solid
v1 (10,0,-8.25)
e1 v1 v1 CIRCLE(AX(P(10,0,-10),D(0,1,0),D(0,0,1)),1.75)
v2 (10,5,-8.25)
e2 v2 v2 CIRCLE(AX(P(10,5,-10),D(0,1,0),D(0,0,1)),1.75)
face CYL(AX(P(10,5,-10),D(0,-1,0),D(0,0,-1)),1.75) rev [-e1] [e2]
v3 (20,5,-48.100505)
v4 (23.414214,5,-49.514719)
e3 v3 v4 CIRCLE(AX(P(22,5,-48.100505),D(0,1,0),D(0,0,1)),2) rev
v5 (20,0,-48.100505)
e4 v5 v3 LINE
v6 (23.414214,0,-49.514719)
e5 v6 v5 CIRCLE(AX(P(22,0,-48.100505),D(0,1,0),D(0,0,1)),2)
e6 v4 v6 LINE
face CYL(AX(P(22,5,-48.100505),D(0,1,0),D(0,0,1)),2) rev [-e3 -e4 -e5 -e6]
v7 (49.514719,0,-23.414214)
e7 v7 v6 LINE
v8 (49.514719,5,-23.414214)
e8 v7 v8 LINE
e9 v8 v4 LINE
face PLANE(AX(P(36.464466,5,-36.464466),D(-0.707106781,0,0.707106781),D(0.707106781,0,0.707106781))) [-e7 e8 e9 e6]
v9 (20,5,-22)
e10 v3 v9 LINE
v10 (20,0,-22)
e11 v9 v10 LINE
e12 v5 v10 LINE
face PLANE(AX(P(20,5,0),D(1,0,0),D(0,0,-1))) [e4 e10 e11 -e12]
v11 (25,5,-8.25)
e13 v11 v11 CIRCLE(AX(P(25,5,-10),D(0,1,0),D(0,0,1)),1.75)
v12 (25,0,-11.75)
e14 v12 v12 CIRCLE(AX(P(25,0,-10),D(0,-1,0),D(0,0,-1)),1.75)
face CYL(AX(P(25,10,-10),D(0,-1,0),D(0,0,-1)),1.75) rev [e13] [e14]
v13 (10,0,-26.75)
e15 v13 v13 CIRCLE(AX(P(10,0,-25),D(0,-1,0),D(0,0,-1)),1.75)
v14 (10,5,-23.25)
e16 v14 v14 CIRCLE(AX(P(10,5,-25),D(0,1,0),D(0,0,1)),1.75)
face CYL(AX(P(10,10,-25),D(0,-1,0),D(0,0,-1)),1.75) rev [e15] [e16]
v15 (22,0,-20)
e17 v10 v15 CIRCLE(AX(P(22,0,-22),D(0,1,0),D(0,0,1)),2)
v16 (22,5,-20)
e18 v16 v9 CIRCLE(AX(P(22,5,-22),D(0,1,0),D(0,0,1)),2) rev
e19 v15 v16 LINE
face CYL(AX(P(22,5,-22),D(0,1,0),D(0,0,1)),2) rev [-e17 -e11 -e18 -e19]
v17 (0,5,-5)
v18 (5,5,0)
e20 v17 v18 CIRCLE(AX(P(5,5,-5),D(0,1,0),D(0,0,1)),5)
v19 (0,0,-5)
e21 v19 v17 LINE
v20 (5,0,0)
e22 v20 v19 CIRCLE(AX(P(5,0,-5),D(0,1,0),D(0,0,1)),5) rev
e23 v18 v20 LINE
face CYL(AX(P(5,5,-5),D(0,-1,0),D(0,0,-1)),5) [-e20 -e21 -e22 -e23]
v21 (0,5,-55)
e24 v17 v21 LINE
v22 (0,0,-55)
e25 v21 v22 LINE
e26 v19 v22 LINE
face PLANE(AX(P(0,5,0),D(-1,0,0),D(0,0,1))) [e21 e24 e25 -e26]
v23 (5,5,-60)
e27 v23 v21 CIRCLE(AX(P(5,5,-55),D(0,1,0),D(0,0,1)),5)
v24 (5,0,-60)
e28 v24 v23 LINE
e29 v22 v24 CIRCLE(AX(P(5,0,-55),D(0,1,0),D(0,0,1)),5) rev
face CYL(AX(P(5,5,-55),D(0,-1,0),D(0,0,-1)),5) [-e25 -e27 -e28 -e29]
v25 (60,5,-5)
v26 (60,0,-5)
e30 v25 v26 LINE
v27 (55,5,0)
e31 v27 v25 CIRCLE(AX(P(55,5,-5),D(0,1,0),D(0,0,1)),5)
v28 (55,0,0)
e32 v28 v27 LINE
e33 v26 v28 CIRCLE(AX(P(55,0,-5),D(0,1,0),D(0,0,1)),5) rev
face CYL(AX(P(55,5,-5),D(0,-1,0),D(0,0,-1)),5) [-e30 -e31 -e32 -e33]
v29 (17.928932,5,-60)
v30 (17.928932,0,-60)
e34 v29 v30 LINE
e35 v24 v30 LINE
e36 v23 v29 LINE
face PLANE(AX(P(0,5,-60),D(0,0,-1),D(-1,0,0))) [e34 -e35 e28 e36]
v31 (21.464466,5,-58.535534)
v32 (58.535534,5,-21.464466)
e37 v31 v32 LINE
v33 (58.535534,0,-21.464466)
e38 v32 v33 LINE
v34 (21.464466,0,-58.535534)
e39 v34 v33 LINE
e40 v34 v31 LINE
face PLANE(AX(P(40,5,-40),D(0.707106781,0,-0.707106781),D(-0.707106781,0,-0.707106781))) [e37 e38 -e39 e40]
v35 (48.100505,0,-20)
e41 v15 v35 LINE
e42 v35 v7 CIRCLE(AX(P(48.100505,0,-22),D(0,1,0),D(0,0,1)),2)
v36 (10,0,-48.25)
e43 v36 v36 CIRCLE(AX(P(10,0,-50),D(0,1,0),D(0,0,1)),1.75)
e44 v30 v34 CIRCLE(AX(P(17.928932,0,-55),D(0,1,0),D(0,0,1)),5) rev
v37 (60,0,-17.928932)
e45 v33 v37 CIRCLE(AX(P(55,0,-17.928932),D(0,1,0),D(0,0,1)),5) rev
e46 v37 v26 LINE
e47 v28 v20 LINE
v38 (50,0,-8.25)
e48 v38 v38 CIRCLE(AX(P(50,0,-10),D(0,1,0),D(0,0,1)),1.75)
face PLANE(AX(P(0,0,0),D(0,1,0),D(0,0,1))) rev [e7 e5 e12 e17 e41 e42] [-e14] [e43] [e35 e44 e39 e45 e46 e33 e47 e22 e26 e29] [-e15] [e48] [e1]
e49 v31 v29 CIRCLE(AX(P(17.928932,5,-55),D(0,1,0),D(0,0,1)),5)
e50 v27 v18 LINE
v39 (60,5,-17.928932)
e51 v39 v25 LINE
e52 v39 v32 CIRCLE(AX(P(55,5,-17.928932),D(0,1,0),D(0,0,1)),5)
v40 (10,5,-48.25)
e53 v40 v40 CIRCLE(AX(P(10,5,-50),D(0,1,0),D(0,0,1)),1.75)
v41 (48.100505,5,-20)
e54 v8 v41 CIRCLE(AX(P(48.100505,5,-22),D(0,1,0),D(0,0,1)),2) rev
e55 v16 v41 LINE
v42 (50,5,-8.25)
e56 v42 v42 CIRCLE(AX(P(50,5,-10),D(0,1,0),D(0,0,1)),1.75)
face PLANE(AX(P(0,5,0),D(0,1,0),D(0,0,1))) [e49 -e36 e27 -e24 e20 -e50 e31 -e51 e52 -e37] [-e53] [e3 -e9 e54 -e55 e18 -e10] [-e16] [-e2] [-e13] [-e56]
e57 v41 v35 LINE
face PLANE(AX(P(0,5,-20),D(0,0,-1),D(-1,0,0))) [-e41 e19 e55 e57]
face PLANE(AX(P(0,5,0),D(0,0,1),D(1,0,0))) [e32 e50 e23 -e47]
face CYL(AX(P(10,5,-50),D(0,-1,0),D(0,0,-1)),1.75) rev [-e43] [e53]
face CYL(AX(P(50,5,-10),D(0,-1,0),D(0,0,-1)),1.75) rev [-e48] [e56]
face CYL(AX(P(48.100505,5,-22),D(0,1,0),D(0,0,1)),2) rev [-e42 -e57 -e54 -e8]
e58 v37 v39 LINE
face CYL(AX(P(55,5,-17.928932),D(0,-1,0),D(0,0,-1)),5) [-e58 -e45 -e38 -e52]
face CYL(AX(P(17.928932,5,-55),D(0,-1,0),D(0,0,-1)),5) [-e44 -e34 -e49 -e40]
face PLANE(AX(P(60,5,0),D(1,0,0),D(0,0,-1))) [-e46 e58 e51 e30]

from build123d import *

# Parameters (mm, degrees)
ESBO_O1_R                = 1.75
RESSALTO_EXTRUS_O1_DEPTH = 5
FILETE2_R                = 2
ESBO_O4_R                = 1.75
CORTE_EXTRUS_O1_DEPTH    = 10
FILETE3_R                = 5


with BuildPart() as part:
    # Esboço1 → Ressalto-extrusão1 (new body)
    # profile 1 of 2: a face of its own
    with BuildSketch(Plane(origin=(0, 0, 0), x_dir=(1, 0, 0), z_dir=(0, 1, 0))):
        Polygon((52.928932188, 20), (60, 20), (60, 0), (0, 0), (0, 60), (20, 60), (20, 52.928932188), (20, 20), align=None)
        with Locations(Location((10, 10, 0), (0, 0, 270))):
            Circle(ESBO_O1_R, mode=Mode.SUBTRACT)
        with Locations(Location((50, 10, 0), (0, 0, 270))):
            Circle(ESBO_O1_R, mode=Mode.SUBTRACT)
        with Locations(Location((10, 50, 0), (0, 0, 270))):
            Circle(ESBO_O1_R, mode=Mode.SUBTRACT)
    # profile 2 of 2: a face of its own
    with BuildSketch(Plane(origin=(0, 0, 0), x_dir=(1, 0, 0), z_dir=(0, 1, 0))):
        Polygon((52.928932188, 20), (20, 52.928932188), (20, 60), (60, 20), align=None)
    extrude(amount=RESSALTO_EXTRUS_O1_DEPTH)

    # Filete2
    filete2_edges = [part.edges().sort_by_distance(p)[0] for p in [
        (52.928932188, 2.5, -20),
        (20, 2.5, -52.928932188),
        (20, 2.5, -20),
    ]]
    fillet(filete2_edges, radius=FILETE2_R)

    # Esboço4 → Corte-extrusão1 (cut)
    with BuildSketch(Plane.XZ):
        with Locations(Location((10, -25, 0), (0, 0, 270))):
            Circle(ESBO_O4_R)
        with Locations(Location((25, -10, 0), (0, 0, 270))):
            Circle(ESBO_O4_R)
    extrude(amount=-CORTE_EXTRUS_O1_DEPTH, mode=Mode.SUBTRACT)

    # Filete3
    filete3_edges = [part.edges().sort_by_distance(p)[0] for p in [
        (60, 2.5, 0),
        (0, 2.5, 0),
        (0, 2.5, -60),
        (20, 2.5, -60),
        (60, 2.5, -20),
    ]]
    fillet(filete3_edges, radius=FILETE3_R)


solid = part.part
